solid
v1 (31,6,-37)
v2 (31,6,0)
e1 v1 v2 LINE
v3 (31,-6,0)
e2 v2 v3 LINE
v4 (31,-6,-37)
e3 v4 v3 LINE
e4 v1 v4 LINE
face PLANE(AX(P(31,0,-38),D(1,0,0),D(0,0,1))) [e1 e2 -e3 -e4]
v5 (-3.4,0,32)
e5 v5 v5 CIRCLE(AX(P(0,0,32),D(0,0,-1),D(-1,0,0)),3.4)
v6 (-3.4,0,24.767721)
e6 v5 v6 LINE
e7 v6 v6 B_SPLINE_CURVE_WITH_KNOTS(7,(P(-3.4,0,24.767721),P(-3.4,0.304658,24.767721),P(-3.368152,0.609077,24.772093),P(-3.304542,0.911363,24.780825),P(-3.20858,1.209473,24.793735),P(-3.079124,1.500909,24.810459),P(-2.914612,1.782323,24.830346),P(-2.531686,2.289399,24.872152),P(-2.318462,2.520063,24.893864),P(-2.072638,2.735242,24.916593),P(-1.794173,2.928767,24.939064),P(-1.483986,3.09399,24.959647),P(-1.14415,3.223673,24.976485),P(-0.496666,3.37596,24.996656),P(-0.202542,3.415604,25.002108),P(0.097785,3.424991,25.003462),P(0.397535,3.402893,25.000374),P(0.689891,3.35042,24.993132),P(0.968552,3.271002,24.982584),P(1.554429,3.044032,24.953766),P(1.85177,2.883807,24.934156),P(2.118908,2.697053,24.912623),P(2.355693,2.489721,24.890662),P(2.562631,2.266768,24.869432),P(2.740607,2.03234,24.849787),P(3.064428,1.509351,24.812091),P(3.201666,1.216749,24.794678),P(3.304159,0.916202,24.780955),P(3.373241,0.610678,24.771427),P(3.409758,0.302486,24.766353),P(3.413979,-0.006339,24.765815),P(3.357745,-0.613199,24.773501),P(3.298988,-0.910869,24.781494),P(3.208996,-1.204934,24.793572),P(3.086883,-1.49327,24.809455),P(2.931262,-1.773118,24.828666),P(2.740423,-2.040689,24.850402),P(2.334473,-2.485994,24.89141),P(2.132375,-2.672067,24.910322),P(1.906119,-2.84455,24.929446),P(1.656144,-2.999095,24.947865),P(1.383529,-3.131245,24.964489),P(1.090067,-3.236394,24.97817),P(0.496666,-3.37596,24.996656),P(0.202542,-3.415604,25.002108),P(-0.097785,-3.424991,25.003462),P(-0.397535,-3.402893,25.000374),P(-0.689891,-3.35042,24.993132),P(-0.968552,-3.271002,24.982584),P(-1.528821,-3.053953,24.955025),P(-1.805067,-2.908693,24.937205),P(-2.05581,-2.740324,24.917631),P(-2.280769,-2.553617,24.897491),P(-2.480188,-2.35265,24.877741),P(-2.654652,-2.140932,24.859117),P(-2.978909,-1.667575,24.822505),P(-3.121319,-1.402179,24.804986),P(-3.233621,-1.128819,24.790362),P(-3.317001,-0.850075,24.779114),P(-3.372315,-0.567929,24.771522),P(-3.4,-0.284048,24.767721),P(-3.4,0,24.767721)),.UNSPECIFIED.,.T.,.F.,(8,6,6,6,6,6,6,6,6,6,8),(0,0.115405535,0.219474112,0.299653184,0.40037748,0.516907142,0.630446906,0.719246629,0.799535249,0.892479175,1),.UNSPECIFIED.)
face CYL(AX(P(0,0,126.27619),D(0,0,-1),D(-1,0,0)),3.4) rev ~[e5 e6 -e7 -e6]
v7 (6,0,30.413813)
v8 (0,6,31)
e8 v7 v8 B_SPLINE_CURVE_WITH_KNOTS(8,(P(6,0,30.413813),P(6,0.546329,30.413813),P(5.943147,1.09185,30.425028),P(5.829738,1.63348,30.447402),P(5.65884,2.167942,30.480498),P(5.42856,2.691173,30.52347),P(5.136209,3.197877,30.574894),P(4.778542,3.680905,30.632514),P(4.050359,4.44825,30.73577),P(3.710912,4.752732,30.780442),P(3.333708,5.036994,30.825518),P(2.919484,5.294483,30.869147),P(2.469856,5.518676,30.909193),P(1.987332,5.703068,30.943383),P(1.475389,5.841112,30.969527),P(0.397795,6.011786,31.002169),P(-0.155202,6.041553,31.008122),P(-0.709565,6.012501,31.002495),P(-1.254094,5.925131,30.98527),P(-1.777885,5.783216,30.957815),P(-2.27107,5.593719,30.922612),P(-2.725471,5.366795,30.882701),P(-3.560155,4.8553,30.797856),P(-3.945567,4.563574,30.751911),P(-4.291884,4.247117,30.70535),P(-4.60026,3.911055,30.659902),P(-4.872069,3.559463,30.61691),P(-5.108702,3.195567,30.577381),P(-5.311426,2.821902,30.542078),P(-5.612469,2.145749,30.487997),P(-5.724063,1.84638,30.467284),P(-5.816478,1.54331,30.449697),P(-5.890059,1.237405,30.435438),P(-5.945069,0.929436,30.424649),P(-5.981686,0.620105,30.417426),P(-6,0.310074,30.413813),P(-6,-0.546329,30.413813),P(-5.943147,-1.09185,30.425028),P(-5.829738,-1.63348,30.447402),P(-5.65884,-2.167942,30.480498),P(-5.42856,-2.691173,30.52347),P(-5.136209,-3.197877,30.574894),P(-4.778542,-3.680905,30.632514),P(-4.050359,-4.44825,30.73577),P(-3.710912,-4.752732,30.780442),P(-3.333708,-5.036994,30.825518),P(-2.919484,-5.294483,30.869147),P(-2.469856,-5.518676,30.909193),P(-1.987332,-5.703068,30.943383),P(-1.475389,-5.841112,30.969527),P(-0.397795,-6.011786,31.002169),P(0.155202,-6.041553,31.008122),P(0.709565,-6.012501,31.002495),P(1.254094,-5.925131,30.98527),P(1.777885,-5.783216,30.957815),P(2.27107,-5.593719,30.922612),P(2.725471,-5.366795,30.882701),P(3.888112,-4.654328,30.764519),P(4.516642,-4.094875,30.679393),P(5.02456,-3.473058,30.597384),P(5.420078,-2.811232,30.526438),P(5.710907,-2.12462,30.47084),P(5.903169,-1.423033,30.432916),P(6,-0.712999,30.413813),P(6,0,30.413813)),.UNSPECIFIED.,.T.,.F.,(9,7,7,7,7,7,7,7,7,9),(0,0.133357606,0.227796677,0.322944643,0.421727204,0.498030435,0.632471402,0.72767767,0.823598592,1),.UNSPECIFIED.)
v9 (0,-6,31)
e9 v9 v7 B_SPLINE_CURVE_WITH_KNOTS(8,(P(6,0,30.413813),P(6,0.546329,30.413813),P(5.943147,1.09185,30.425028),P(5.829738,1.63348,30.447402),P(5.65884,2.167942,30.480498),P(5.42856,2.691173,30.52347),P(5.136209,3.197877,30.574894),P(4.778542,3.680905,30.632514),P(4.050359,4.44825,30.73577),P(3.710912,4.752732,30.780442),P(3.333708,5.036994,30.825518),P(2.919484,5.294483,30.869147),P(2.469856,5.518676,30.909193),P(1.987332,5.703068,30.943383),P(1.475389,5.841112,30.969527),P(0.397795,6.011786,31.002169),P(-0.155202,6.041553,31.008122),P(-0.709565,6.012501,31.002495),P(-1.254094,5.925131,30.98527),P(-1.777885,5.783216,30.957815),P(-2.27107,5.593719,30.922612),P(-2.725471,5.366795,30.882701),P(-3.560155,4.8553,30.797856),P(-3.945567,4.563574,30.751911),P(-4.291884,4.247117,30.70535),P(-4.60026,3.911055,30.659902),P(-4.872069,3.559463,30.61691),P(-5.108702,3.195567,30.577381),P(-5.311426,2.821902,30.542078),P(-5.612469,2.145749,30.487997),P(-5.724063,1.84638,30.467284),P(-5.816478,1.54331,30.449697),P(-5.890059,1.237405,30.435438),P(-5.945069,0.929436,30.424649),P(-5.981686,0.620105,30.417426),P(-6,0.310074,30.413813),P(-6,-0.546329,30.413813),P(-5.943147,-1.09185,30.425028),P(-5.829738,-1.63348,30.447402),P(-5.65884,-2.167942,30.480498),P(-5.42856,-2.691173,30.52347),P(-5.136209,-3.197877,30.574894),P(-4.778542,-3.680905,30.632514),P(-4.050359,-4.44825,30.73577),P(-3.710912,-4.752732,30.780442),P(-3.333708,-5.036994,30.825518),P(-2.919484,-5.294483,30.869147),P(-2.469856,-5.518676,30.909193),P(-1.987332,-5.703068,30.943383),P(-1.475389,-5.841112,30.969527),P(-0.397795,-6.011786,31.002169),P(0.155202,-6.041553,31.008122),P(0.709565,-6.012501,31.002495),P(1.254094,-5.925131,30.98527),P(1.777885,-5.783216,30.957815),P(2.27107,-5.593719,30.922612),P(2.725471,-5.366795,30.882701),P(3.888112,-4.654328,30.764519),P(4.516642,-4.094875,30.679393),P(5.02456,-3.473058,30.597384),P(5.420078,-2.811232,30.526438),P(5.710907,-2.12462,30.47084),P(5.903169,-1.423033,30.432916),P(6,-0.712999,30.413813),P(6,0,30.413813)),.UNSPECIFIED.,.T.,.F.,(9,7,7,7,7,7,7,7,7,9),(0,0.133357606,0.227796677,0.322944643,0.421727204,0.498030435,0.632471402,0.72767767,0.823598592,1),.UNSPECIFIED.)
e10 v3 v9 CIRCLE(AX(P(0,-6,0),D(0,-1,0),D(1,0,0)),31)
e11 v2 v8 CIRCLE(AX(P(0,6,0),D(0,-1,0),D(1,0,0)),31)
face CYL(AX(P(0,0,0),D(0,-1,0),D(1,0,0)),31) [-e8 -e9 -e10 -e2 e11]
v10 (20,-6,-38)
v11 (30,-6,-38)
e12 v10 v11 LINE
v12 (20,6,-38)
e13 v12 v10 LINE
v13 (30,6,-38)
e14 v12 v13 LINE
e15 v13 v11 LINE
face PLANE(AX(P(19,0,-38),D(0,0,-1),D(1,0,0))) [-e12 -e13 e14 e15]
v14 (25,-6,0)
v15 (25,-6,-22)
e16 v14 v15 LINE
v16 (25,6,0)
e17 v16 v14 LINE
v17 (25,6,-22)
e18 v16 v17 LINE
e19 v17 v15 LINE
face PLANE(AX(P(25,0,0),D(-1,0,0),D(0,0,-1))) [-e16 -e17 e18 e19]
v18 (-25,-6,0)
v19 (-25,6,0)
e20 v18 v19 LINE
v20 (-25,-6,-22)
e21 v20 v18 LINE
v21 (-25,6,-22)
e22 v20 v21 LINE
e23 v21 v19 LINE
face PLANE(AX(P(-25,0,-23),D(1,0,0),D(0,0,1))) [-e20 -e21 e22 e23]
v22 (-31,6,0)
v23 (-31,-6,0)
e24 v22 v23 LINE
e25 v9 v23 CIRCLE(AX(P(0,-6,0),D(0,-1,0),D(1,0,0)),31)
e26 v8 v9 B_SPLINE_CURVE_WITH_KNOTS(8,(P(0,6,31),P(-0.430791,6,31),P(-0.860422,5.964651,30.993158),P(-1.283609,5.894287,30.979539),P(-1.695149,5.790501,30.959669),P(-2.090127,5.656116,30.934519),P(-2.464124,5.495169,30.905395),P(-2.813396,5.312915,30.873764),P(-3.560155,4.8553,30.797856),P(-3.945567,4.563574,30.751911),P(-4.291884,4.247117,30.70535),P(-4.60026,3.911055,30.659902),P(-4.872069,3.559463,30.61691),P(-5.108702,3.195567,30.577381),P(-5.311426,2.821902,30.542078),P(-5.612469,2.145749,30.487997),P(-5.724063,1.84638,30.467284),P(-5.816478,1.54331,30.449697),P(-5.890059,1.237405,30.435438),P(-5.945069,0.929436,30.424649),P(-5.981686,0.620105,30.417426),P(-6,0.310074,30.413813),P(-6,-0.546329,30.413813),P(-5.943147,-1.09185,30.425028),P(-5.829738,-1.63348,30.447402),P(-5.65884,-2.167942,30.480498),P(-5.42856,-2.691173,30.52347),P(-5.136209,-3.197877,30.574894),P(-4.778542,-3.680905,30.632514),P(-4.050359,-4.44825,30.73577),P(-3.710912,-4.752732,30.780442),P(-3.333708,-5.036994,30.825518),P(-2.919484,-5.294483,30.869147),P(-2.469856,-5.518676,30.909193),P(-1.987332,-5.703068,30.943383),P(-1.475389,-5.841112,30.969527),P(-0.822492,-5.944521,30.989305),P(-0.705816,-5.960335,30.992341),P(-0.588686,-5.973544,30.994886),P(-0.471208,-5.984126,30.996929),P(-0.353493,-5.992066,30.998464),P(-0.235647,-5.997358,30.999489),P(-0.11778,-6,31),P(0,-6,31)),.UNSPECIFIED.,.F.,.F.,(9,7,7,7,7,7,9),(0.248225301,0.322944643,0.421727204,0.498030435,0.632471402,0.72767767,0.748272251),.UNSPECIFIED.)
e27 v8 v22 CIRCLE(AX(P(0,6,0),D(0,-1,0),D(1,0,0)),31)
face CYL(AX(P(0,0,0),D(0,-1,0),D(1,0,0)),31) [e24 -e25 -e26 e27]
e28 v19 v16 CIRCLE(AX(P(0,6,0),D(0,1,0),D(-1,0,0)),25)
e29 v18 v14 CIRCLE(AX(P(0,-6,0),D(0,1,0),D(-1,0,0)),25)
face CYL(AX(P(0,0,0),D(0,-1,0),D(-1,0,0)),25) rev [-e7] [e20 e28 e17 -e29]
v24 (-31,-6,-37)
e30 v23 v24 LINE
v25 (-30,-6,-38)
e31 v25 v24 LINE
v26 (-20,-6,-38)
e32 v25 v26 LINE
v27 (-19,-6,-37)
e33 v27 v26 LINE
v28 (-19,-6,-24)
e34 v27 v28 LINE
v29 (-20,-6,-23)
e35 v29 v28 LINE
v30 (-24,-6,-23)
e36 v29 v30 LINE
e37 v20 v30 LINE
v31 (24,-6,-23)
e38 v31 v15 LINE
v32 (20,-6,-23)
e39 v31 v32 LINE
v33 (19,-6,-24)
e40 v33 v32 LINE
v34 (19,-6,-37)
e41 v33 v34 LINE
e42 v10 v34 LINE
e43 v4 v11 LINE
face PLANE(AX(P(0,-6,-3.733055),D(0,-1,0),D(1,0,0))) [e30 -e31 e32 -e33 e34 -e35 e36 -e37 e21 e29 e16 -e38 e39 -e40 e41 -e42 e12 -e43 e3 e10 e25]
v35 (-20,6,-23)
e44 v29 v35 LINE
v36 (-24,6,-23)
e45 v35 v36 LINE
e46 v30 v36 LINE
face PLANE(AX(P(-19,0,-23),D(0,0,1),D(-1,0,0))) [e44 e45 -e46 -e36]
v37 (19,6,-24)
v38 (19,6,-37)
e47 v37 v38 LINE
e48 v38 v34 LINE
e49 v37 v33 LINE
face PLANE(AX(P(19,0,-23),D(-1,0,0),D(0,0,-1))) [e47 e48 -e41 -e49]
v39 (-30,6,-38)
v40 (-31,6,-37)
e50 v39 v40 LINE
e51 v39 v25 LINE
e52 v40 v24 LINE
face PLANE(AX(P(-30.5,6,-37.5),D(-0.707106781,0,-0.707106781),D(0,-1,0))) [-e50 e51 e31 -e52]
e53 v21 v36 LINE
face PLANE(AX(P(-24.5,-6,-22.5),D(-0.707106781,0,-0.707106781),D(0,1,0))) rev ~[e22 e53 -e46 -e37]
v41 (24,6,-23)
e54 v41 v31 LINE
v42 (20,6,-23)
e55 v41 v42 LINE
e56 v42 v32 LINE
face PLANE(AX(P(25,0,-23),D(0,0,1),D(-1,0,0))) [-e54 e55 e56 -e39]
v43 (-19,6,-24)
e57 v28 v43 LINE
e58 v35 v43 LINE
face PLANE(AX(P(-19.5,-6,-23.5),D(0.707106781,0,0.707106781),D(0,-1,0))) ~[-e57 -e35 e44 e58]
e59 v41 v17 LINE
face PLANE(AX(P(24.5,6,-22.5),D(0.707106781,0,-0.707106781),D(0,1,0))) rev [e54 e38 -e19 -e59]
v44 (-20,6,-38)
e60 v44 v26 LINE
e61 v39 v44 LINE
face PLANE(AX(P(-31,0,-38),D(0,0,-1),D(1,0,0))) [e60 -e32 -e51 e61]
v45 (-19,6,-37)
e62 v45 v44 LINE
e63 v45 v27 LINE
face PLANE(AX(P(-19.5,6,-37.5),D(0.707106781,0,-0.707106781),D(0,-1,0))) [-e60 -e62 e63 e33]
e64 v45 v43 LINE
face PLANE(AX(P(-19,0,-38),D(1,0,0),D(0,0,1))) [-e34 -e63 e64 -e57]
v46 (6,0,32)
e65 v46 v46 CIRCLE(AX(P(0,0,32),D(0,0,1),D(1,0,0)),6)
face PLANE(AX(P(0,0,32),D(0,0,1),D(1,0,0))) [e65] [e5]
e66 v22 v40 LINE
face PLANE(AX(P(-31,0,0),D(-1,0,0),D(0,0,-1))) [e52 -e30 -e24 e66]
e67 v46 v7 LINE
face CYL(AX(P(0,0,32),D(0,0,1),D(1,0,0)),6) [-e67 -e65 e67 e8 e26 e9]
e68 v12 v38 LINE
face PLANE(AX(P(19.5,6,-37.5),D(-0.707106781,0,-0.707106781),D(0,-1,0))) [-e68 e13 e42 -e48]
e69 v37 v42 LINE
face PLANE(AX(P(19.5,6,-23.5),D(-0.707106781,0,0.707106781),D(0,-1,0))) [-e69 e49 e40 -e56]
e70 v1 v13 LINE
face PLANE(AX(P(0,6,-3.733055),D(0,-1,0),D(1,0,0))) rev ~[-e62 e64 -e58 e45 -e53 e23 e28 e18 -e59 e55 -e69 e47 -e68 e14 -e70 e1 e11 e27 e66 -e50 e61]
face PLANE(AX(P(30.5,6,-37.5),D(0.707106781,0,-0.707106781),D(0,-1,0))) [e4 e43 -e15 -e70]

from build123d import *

# Parameters (mm, degrees)
F1_DEPTH = 6
F2_SIZE2 = 1
F2_SIZE  = 1
F4_R     = 6
F5_DEPTH = 1.5861874485
F6_D     = 6.8


with BuildPart() as f1:
    # F0 (on Front) → F1 (new body, symmetric)
    with BuildSketch(Plane.XZ):
        with BuildLine():
            ThreePointArc((-25, 0), (0, 25), (25, 0))
            Line((25, 0), (25, -23))
            Line((25, -23), (19, -23))
            Line((19, -23), (19, -38))
            Line((19, -38), (31, -38))
            Line((31, -38), (31, 0))
            ThreePointArc((31, 0), (0, 31), (-31, 0))
            Line((-31, 0), (-31, -38))
            Line((-31, -38), (-19, -38))
            Line((-19, -38), (-19, -23))
            Line((-19, -23), (-25, -23))
            Line((-25, -23), (-25, 0))
        make_face()
    extrude(amount=F1_DEPTH, both=True)

    # F2
    f2_edges = [f1.edges().sort_by_distance(p)[0] for p in [
        (-25, 0, -23),
        (-19, 0, -23),
        (-19, 0, -38),
        (-31, 0, -38),
        (19, 0, -38),
        (31, 0, -38),
        (25, 0, -23),
        (19, 0, -23),
    ]]
    chamfer(f2_edges, length=F2_SIZE, length2=F2_SIZE2)

    # F4 (on offset) → F5 (join, through all)
    with BuildSketch(Plane.XY.offset(32)):
        Circle(F4_R)
    extrude(amount=-F5_DEPTH)

    # F6 (through all)
    with Locations(Plane.XY.offset(32)):
        with Locations((0, 0)):
            Hole(F6_D / 2)


solid = f1.part
